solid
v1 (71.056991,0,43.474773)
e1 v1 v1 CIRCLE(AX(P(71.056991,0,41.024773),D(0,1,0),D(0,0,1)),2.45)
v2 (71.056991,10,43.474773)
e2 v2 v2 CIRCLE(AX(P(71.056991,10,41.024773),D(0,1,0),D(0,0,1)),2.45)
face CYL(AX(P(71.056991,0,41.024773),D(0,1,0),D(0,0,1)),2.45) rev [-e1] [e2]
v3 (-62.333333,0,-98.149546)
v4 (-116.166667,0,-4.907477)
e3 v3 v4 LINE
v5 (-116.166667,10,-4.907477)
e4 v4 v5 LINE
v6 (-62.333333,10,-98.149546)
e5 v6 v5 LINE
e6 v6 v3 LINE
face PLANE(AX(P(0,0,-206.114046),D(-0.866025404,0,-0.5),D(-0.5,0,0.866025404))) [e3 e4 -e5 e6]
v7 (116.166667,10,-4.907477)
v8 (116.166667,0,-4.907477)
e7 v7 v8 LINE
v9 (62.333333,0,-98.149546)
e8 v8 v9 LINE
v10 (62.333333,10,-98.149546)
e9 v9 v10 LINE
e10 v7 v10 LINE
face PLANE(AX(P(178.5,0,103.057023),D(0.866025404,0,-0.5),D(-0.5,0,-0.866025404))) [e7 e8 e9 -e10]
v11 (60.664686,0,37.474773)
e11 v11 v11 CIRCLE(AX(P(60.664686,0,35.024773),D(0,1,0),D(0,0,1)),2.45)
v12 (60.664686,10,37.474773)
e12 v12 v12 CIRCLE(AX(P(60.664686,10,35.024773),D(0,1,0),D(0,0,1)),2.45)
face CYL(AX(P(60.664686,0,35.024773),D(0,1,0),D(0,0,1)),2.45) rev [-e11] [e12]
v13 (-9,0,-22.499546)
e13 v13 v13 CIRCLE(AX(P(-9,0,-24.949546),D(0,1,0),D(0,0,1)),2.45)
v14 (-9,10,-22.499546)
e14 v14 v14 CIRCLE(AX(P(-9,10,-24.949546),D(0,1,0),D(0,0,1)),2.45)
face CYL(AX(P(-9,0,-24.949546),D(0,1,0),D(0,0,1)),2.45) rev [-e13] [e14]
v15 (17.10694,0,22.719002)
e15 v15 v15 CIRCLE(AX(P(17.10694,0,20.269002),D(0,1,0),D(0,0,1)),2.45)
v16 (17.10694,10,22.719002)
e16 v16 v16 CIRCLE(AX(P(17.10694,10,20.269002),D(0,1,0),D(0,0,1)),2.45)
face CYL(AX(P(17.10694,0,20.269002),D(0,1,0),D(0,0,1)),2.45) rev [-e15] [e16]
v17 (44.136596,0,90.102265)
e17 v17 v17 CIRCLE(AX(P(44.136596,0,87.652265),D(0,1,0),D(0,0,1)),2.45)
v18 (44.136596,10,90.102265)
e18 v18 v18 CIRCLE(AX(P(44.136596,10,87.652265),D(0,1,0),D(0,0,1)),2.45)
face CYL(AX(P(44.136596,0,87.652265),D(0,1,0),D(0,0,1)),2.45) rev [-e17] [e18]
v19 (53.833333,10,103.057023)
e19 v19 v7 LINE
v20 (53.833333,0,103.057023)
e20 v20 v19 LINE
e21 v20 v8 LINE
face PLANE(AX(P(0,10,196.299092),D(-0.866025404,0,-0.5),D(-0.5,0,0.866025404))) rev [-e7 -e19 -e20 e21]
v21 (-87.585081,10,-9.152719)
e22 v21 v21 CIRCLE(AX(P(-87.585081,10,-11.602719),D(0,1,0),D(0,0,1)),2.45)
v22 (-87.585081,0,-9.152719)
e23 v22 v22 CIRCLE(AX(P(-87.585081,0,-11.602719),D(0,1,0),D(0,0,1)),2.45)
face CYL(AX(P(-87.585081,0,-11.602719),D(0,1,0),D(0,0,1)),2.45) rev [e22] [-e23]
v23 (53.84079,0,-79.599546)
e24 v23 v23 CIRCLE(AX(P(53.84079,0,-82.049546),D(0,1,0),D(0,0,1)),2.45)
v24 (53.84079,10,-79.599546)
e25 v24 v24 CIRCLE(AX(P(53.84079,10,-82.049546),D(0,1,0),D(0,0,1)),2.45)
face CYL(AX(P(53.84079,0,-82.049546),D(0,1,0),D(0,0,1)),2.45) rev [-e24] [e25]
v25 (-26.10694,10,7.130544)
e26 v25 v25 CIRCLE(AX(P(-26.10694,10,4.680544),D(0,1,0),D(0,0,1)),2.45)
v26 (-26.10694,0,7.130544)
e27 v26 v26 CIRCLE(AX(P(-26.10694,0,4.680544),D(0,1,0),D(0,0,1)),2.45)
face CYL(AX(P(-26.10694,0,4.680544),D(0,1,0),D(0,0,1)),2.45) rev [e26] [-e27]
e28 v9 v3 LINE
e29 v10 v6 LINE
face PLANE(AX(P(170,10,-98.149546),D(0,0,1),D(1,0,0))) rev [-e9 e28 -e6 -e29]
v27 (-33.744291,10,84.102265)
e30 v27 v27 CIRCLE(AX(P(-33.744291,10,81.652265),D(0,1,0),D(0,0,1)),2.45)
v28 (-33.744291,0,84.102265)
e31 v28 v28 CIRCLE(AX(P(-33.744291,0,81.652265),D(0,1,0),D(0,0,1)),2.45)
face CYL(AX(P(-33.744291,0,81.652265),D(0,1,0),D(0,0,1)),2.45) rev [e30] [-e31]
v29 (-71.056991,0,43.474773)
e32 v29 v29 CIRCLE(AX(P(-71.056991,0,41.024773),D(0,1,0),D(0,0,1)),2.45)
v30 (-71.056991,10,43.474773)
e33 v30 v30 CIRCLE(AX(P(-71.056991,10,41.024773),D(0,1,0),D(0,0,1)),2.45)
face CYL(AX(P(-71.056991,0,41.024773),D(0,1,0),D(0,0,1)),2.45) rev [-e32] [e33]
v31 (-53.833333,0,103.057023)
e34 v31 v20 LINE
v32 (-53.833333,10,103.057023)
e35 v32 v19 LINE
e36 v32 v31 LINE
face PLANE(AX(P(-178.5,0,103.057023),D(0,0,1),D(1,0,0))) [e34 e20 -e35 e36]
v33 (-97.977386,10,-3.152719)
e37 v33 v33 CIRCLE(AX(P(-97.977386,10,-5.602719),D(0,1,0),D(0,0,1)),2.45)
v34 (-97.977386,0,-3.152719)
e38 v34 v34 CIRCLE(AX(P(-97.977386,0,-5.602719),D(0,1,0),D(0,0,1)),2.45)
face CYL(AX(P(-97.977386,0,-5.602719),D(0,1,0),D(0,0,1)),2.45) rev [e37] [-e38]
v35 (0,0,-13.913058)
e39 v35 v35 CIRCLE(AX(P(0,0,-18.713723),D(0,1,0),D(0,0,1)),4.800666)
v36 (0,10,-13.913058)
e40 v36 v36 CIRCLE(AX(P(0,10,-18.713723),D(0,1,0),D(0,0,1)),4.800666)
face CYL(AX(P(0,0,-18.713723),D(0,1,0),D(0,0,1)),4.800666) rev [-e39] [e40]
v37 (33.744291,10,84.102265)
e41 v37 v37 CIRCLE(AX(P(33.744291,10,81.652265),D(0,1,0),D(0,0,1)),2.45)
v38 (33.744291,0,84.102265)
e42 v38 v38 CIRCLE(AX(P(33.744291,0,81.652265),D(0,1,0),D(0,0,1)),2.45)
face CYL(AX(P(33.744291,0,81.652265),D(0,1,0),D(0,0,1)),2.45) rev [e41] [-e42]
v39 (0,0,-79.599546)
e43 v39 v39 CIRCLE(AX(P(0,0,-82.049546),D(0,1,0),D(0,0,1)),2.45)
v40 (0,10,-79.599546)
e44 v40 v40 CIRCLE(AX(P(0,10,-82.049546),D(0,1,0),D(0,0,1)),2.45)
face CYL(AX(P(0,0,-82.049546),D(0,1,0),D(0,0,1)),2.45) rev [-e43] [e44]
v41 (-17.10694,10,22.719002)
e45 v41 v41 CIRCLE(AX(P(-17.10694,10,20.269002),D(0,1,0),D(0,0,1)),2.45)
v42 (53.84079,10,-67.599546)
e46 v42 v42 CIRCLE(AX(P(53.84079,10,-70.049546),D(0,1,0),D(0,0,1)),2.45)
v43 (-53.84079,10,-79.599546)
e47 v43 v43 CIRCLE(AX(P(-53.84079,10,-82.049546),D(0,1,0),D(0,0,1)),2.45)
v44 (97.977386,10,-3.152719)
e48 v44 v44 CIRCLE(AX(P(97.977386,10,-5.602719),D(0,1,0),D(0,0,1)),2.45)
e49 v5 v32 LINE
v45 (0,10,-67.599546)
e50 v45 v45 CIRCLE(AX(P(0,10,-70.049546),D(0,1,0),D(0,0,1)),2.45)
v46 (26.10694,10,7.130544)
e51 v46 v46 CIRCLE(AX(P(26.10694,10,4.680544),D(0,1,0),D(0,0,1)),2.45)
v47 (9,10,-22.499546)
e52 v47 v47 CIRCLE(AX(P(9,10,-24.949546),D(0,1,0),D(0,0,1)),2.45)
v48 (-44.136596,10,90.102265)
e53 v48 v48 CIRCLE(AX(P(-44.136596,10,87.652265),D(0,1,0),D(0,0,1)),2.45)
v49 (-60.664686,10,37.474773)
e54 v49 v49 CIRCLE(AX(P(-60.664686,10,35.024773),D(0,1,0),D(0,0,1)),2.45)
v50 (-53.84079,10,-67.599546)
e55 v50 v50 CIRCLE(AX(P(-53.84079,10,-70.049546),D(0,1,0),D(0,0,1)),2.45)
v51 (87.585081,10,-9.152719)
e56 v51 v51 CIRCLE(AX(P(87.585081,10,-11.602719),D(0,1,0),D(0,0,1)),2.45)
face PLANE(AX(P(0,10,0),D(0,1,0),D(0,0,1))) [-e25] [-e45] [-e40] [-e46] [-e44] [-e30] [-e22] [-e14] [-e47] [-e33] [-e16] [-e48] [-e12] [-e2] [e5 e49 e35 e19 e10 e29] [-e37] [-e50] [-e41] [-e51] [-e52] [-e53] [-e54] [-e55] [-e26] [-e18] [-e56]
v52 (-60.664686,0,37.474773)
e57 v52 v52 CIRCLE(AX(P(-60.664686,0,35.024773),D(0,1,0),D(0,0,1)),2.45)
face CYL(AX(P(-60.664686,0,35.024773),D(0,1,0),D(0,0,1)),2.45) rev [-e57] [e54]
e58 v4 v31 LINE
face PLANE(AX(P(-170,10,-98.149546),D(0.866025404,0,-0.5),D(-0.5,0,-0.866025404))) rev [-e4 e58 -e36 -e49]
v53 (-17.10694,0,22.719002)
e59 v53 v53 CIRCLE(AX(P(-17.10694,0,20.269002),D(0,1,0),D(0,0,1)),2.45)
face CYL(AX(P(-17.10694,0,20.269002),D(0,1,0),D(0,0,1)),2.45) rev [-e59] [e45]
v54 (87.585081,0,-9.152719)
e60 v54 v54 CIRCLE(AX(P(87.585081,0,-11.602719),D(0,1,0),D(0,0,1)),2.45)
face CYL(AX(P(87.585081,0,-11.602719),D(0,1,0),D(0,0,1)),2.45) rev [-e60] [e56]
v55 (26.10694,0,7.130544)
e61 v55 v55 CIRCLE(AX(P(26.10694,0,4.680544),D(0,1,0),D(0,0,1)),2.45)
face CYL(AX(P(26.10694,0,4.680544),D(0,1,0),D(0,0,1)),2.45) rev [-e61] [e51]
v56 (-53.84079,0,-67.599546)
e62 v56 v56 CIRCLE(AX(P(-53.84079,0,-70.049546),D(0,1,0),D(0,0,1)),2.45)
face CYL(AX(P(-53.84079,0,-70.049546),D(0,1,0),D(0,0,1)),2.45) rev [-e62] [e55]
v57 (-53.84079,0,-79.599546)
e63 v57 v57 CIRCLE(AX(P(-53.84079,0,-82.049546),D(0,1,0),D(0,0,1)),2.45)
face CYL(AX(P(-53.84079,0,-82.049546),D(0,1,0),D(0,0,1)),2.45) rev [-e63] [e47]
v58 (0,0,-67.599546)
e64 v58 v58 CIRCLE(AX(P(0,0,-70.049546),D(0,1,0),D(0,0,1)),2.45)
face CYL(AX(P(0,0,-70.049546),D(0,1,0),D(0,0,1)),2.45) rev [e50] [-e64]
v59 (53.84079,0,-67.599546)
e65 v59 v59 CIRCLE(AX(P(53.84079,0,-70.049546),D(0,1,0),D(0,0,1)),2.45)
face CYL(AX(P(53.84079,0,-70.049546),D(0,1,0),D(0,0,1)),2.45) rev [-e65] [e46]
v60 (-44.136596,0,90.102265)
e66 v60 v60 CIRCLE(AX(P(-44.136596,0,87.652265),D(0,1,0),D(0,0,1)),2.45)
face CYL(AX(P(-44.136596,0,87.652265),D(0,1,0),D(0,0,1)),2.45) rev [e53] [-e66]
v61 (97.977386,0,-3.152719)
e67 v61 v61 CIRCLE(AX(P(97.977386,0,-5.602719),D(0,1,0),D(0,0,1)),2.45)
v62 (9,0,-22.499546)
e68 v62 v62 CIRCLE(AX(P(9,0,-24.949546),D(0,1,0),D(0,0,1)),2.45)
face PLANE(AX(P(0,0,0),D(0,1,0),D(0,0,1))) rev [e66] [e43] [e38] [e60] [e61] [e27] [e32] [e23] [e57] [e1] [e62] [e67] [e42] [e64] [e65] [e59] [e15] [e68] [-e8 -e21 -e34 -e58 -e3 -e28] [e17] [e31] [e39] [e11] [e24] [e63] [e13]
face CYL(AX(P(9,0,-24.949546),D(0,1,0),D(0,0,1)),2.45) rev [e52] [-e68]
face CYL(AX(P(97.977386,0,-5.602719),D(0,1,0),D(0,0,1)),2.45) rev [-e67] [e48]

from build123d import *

# Parameters (mm, degrees)
BOSS_EXTRUDE1_DEPTH = 10
SKETCH2_OUTSIDE_W   = 431.978
SKETCH2_OUTSIDE_H   = 386.427
CUT_EXTRUDE1_DEPTH  = 10
SKETCH3_R           = 4.800665827
CUT_EXTRUDE2_DEPTH  = 10
SKETCH4_R           = 2.45
CUT_EXTRUDE3_DEPTH  = 10
SKETCH5_R           = 2.45
CUT_EXTRUDE4_DEPTH  = 10


with BuildPart() as part:
    # Sketch1 → Boss-Extrude1 (new body)
    with BuildSketch(Plane(origin=(0, 0, 0), x_dir=(1, 0, 0), z_dir=(0, 1, 0))):
        Polygon((170, 98.149545762), (-170, 98.149545762), (0, -196.299091524), align=None)
    extrude(amount=BOSS_EXTRUDE1_DEPTH)

    # Sketch2 outside → Cut-Extrude1 (cut)
    with BuildSketch(Plane(origin=(0, 10, 0), x_dir=(1, 0, 0), z_dir=(0, 1, 0))):
        with Locations((0, -49.0745)):
            Rectangle(SKETCH2_OUTSIDE_W, SKETCH2_OUTSIDE_H)
        Polygon((178.5, -103.05702305), (0, 206.114046101), (-178.5, -103.05702305), align=None, mode=Mode.SUBTRACT)
    extrude(amount=-CUT_EXTRUDE1_DEPTH, mode=Mode.SUBTRACT)

    # Sketch3 → Cut-Extrude2 (cut)
    with BuildSketch(Plane(origin=(0, 10, 0), x_dir=(1, 0, 0), z_dir=(0, 1, 0))):
        with Locations(Location((0, 18.713723456, 0), (0, 0, 270))):
            Circle(SKETCH3_R)
    extrude(amount=-CUT_EXTRUDE2_DEPTH, mode=Mode.SUBTRACT)

    # Sketch4 → Cut-Extrude3 (cut)
    with BuildSketch(Plane(origin=(0, 10, 0), x_dir=(1, 0, 0), z_dir=(0, 1, 0))):
        with Locations(Location((0, 82.049545762, 0), (0, 0, 270))):
            Circle(SKETCH4_R)
        with Locations(Location((-53.840790268, 82.049545762, 0), (0, 0, 270))):
            Circle(SKETCH4_R)
        with Locations(Location((-53.840790268, 70.049545762, 0), (0, 0, 270))):
            Circle(SKETCH4_R)
        with Locations(Location((0, 70.049545762, 0), (0, 0, 270))):
            Circle(SKETCH4_R)
        with Locations(Location((71.056990999, -41.024772881, 0), (0, 0, 270))):
            Circle(SKETCH4_R)
        with Locations(Location((60.664686154, -35.024772881, 0), (0, 0, 270))):
            Circle(SKETCH4_R)
        with Locations(Location((-71.056990999, -41.024772881, 0), (0, 0, 270))):
            Circle(SKETCH4_R)
        with Locations(Location((-60.664686154, -35.024772881, 0), (0, 0, 270))):
            Circle(SKETCH4_R)
        with Locations(Location((-87.585081287, 11.60271925, 0), (0, 0, 270))):
            Circle(SKETCH4_R)
        with Locations(Location((-97.977386133, 5.60271925, 0), (0, 0, 270))):
            Circle(SKETCH4_R)
        with Locations(Location((53.840790268, 82.049545762, 0), (0, 0, 270))):
            Circle(SKETCH4_R)
        with Locations(Location((53.840790268, 70.049545762, 0), (0, 0, 270))):
            Circle(SKETCH4_R)
        with Locations(Location((97.977386133, 5.60271925, 0), (0, 0, 270))):
            Circle(SKETCH4_R)
        with Locations(Location((87.585081287, 11.60271925, 0), (0, 0, 270))):
            Circle(SKETCH4_R)
        with Locations(Location((44.136595865, -87.652265013, 0), (0, 0, 270))):
            Circle(SKETCH4_R)
        with Locations(Location((33.74429102, -81.652265013, 0), (0, 0, 270))):
            Circle(SKETCH4_R)
        with Locations(Location((-33.74429102, -81.652265013, 0), (0, 0, 270))):
            Circle(SKETCH4_R)
        with Locations(Location((-44.136595865, -87.652265013, 0), (0, 0, 270))):
            Circle(SKETCH4_R)
    extrude(amount=-CUT_EXTRUDE3_DEPTH, mode=Mode.SUBTRACT)

    # Sketch5 → Cut-Extrude4 (cut)
    with BuildSketch(Plane(origin=(0, 10, 0), x_dir=(1, 0, 0), z_dir=(0, 1, 0))):
        with Locations(Location((26.106940443, -4.680544247, 0), (0, 0, 270))):
            Circle(SKETCH5_R)
        with Locations(Location((17.106940443, -20.269001515, 0), (0, 0, 270))):
            Circle(SKETCH5_R)
        with Locations(Location((-17.106940443, -20.269001515, 0), (0, 0, 270))):
            Circle(SKETCH5_R)
        with Locations(Location((-26.106940443, -4.680544247, 0), (0, 0, 270))):
            Circle(SKETCH5_R)
        with Locations(Location((-9, 24.949545762, 0), (0, 0, 270))):
            Circle(SKETCH5_R)
        with Locations(Location((9, 24.949545762, 0), (0, 0, 270))):
            Circle(SKETCH5_R)
    extrude(amount=-CUT_EXTRUDE4_DEPTH, mode=Mode.SUBTRACT)


solid = part.part
